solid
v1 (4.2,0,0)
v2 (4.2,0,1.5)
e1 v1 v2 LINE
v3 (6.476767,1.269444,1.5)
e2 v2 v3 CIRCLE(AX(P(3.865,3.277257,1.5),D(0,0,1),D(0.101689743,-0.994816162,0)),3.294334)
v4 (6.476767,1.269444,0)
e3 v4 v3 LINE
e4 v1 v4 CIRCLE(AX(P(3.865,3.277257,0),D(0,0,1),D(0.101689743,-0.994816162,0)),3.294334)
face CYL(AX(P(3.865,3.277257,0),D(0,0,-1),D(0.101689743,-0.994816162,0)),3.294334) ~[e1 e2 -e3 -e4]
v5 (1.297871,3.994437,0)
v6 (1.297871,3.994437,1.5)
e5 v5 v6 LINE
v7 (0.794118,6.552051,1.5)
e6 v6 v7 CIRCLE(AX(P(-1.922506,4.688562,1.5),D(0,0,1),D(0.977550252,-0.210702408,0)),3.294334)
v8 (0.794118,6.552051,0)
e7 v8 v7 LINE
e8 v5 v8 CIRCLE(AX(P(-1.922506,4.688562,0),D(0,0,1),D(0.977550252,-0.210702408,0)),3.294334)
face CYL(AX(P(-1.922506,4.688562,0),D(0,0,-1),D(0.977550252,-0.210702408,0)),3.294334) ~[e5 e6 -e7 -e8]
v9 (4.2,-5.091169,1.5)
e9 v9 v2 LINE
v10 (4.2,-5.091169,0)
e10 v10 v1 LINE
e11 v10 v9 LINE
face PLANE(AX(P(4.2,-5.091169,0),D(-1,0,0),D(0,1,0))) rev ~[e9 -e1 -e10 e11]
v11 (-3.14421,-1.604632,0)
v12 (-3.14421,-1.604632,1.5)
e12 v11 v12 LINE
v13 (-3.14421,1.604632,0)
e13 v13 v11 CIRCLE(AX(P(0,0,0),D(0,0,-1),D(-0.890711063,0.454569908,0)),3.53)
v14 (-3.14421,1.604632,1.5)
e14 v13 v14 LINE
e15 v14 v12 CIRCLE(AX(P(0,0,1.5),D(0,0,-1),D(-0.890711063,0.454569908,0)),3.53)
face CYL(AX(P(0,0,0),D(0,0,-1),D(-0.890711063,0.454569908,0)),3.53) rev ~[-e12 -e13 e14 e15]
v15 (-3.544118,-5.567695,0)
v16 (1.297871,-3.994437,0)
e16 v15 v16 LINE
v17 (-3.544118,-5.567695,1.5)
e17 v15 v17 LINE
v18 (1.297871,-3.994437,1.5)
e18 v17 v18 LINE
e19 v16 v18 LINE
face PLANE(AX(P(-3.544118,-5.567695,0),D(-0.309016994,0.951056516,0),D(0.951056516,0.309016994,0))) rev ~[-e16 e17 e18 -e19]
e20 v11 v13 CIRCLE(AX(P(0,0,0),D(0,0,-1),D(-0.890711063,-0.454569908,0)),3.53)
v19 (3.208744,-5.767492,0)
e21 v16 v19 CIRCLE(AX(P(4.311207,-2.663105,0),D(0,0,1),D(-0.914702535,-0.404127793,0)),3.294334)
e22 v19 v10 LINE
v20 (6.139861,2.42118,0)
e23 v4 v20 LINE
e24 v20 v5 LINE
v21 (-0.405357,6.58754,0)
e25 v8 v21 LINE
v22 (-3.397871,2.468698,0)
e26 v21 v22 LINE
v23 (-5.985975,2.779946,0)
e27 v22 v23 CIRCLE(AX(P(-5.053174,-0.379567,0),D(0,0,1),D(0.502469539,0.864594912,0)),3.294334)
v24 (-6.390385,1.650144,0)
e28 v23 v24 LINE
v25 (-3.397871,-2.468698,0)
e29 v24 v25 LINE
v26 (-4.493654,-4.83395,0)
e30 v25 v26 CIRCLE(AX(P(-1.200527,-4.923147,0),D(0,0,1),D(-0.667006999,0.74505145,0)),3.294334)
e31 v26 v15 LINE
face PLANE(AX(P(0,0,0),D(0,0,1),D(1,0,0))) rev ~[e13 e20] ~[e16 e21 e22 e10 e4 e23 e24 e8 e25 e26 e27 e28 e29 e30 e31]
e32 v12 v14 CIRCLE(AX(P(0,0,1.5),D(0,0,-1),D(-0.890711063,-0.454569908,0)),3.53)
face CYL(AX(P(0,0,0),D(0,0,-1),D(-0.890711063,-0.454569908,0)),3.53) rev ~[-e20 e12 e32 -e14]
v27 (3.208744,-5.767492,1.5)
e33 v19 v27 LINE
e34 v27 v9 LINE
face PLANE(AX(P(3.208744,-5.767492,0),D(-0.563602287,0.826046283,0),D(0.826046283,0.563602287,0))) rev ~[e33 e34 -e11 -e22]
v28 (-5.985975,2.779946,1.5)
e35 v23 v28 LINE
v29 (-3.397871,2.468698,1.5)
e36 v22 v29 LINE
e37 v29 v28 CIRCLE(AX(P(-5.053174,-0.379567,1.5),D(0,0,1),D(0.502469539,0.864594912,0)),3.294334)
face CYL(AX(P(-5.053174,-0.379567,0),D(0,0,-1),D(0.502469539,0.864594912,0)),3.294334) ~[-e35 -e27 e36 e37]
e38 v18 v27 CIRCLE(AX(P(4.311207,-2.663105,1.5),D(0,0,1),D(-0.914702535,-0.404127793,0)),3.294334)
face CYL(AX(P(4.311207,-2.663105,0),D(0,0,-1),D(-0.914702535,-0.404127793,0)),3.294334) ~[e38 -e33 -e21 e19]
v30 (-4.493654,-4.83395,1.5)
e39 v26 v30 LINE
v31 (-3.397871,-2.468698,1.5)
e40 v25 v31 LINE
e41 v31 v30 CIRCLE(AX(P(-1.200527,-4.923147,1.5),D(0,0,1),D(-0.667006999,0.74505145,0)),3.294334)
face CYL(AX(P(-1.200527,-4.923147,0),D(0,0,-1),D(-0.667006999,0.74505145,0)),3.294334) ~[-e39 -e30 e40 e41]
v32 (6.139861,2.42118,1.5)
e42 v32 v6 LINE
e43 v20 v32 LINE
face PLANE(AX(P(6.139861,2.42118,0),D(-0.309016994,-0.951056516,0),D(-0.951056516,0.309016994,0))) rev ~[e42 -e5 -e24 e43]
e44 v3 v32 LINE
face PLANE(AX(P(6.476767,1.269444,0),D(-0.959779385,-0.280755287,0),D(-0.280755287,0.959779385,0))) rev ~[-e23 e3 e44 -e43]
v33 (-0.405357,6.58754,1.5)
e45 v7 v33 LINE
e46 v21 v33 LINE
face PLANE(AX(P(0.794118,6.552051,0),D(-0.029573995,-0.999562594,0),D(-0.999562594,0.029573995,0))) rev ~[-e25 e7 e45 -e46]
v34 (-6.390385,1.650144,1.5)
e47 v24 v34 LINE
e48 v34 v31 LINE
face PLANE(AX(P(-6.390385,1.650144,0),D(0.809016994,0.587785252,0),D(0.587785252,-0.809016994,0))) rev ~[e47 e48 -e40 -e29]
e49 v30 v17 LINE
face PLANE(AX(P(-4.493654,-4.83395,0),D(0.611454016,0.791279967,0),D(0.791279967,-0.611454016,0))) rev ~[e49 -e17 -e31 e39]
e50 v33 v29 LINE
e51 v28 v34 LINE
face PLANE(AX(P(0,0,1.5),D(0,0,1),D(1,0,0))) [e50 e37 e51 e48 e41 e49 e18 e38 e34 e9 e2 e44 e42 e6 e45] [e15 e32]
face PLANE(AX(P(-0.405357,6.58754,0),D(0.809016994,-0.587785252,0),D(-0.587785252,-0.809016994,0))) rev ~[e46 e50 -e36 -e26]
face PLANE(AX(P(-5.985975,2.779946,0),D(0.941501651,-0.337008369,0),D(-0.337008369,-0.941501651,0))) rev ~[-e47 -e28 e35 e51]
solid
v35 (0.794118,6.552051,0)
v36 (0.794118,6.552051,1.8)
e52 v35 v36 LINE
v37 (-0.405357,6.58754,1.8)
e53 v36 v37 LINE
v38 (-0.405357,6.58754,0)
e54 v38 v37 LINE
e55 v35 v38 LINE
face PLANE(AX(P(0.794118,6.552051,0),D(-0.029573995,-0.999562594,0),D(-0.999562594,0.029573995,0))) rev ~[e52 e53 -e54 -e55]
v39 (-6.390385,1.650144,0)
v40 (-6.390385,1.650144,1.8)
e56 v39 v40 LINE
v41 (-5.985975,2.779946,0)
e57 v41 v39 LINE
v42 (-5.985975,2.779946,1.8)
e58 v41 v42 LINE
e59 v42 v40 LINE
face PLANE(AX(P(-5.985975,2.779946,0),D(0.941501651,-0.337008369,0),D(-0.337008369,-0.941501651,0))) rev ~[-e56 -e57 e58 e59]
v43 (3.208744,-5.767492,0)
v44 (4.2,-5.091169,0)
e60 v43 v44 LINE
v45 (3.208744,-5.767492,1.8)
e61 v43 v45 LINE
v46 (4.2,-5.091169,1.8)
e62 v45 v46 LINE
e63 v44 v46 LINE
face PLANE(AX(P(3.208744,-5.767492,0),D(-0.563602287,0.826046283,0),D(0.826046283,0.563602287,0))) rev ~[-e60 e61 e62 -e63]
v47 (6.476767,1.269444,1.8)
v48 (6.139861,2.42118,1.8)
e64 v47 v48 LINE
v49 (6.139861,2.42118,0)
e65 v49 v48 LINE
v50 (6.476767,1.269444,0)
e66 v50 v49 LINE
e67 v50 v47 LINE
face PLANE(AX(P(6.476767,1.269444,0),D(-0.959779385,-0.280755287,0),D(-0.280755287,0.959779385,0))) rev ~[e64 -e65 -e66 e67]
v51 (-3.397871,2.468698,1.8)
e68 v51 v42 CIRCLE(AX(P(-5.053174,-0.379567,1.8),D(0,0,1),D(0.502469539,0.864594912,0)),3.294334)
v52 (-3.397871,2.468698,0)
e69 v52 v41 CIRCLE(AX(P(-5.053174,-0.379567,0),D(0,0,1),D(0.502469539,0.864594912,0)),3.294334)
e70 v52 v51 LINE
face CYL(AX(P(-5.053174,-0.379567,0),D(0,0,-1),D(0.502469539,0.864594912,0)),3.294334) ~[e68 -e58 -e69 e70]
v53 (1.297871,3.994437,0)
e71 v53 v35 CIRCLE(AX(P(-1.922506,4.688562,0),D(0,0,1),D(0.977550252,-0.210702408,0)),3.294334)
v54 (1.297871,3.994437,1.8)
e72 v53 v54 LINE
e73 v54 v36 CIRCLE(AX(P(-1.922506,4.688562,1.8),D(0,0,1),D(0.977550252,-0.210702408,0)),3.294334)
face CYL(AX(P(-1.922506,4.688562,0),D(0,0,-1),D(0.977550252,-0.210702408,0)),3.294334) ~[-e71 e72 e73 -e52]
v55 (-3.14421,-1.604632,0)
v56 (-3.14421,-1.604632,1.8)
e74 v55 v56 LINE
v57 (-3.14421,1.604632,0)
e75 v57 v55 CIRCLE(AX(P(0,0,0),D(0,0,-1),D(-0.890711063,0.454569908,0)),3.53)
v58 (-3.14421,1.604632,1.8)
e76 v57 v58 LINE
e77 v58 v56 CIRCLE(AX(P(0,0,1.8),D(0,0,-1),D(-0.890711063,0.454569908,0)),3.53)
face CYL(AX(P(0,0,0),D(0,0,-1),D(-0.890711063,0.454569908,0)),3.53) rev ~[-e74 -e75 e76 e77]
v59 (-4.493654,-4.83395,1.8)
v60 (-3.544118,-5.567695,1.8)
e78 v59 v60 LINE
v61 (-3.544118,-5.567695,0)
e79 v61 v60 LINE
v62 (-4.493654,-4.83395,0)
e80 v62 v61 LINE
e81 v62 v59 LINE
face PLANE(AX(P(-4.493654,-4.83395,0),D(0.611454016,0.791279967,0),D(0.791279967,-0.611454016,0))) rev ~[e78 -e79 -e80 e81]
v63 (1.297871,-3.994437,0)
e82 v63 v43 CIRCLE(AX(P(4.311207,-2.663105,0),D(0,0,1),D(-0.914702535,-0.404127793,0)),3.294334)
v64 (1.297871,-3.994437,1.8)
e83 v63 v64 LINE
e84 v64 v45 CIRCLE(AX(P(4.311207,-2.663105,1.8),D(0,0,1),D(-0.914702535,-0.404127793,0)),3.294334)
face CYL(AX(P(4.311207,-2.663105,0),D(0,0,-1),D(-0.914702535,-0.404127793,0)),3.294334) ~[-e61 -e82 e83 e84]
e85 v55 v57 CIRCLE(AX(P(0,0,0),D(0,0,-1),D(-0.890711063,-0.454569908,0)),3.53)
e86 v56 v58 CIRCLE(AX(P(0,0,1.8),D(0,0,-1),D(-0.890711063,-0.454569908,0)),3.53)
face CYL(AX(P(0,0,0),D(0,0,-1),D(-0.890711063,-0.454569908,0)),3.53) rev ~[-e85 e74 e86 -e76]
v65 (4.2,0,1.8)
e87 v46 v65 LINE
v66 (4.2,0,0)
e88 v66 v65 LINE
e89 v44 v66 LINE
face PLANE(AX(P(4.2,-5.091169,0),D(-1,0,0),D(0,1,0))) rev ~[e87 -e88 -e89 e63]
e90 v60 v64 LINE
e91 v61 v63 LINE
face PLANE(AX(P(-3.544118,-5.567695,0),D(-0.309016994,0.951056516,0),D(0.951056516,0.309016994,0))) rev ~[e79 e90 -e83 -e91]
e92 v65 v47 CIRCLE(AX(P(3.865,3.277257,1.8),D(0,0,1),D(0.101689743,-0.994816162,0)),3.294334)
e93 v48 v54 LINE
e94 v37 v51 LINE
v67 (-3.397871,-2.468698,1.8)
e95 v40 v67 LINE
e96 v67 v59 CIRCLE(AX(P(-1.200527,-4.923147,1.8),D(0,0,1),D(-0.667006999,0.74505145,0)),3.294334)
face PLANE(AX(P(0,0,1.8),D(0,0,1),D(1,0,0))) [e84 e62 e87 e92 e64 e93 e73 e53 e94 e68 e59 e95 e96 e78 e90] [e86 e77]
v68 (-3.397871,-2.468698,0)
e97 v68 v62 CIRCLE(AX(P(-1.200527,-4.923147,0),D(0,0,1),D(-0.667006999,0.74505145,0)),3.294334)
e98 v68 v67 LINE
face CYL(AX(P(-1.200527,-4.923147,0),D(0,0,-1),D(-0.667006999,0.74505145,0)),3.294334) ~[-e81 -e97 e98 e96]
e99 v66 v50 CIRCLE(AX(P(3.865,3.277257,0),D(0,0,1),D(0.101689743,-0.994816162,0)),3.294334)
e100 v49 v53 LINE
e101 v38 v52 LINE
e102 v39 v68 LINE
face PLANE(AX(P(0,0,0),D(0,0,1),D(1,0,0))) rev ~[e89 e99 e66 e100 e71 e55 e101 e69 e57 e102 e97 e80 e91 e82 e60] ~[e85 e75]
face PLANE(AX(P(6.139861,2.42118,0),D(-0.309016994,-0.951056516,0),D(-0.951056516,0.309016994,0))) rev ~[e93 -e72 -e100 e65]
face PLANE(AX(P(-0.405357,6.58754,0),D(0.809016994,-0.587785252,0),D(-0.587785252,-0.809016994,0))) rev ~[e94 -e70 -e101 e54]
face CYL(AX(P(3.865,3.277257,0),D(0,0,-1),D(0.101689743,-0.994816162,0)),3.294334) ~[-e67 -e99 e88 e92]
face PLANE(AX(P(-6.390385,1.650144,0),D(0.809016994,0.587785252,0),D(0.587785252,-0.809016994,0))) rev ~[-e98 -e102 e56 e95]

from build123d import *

# Parameters (mm, degrees)
F1_DEPTH = 0.5
F2_DEPTH = 0.6
F3_SCALE = 3


with BuildPart() as f1:
    # F0 (on Top) → F1 (new body)
    with BuildSketch(Plane.XY):
        with BuildLine():
            Line((1.4, -1.6970562748), (1.4, 0))
            ThreePointArc((1.4, 0), (1.8230950904, 0.1333159957), (2.1589223358, 0.4231481393))
            Line((2.1589223358, 0.4231481393), (2.0466202208, 0.8070598935))
            Line((2.0466202208, 0.8070598935), (0.4326237921, 1.3314791228))
            ThreePointArc((0.4326237921, 1.3314791228), (0.4365763189, 1.7750633739), (0.264705896, 2.1840171219))
            Line((0.264705896, 2.1840171219), (-0.1351191415, 2.19584672))
            Line((-0.1351191415, 2.19584672), (-1.1326237921, 0.8228993532))
            ThreePointArc((-1.1326237921, 0.8228993532), (-1.5532760867, 0.9637335016), (-1.9953250951, 0.926648674))
            Line((-1.9953250951, 0.926648674), (-2.1301284428, 0.5500480136))
            Line((-2.1301284428, 0.5500480136), (-1.1326237921, -0.8228993532))
            ThreePointArc((-1.1326237921, -0.8228993532), (-1.3965537344, -1.1794433138), (-1.4978846234, -1.6113167457))
            Line((-1.4978846234, -1.6113167457), (-1.1813726366, -1.8558983522))
            Line((-1.1813726366, -1.8558983522), (0.4326237921, -1.3314791228))
            ThreePointArc((0.4326237921, -1.3314791228), (0.6901584117, -1.6926695573), (1.0695814866, -1.9224971895))
            Line((1.0695814866, -1.9224971895), (1.4, -1.6970562748))
        make_face()
        with BuildLine():
            ThreePointArc((-1.048070018, 0.5348772587), (1.1766666667, 0), (-1.048070018, -0.5348772587))
            ThreePointArc((-1.048070018, -0.5348772587), (-1.1766666667, 0), (-1.048070018, 0.5348772587))
        make_face(mode=Mode.SUBTRACT)
    extrude(amount=F1_DEPTH)


with BuildPart() as f2:
    # F0 (on Top) → F2 (new body)
    with BuildSketch(Plane.XY):
        with BuildLine():
            Line((1.4, -1.6970562748), (1.4, 0))
            ThreePointArc((1.4, 0), (1.8230950904, 0.1333159957), (2.1589223358, 0.4231481393))
            Line((2.1589223358, 0.4231481393), (2.0466202208, 0.8070598935))
            Line((2.0466202208, 0.8070598935), (0.4326237921, 1.3314791228))
            ThreePointArc((0.4326237921, 1.3314791228), (0.4365763189, 1.7750633739), (0.264705896, 2.1840171219))
            Line((0.264705896, 2.1840171219), (-0.1351191415, 2.19584672))
            Line((-0.1351191415, 2.19584672), (-1.1326237921, 0.8228993532))
            ThreePointArc((-1.1326237921, 0.8228993532), (-1.5532760867, 0.9637335016), (-1.9953250951, 0.926648674))
            Line((-1.9953250951, 0.926648674), (-2.1301284428, 0.5500480136))
            Line((-2.1301284428, 0.5500480136), (-1.1326237921, -0.8228993532))
            ThreePointArc((-1.1326237921, -0.8228993532), (-1.3965537344, -1.1794433138), (-1.4978846234, -1.6113167457))
            Line((-1.4978846234, -1.6113167457), (-1.1813726366, -1.8558983522))
            Line((-1.1813726366, -1.8558983522), (0.4326237921, -1.3314791228))
            ThreePointArc((0.4326237921, -1.3314791228), (0.6901584117, -1.6926695573), (1.0695814866, -1.9224971895))
            Line((1.0695814866, -1.9224971895), (1.4, -1.6970562748))
        make_face()
        with BuildLine():
            ThreePointArc((-1.048070018, 0.5348772587), (1.1766666667, 0), (-1.048070018, -0.5348772587))
            ThreePointArc((-1.048070018, -0.5348772587), (-1.1766666667, 0), (-1.048070018, 0.5348772587))
        make_face(mode=Mode.SUBTRACT)
    extrude(amount=F2_DEPTH)


with BuildPart() as f2_1:
    # F3: moved
    add(f2.part.scale(F3_SCALE))


with BuildPart() as f1_1:
    # F3: moved
    add(f1.part.scale(F3_SCALE))


solid = Compound([f2_1.part, f1_1.part])
